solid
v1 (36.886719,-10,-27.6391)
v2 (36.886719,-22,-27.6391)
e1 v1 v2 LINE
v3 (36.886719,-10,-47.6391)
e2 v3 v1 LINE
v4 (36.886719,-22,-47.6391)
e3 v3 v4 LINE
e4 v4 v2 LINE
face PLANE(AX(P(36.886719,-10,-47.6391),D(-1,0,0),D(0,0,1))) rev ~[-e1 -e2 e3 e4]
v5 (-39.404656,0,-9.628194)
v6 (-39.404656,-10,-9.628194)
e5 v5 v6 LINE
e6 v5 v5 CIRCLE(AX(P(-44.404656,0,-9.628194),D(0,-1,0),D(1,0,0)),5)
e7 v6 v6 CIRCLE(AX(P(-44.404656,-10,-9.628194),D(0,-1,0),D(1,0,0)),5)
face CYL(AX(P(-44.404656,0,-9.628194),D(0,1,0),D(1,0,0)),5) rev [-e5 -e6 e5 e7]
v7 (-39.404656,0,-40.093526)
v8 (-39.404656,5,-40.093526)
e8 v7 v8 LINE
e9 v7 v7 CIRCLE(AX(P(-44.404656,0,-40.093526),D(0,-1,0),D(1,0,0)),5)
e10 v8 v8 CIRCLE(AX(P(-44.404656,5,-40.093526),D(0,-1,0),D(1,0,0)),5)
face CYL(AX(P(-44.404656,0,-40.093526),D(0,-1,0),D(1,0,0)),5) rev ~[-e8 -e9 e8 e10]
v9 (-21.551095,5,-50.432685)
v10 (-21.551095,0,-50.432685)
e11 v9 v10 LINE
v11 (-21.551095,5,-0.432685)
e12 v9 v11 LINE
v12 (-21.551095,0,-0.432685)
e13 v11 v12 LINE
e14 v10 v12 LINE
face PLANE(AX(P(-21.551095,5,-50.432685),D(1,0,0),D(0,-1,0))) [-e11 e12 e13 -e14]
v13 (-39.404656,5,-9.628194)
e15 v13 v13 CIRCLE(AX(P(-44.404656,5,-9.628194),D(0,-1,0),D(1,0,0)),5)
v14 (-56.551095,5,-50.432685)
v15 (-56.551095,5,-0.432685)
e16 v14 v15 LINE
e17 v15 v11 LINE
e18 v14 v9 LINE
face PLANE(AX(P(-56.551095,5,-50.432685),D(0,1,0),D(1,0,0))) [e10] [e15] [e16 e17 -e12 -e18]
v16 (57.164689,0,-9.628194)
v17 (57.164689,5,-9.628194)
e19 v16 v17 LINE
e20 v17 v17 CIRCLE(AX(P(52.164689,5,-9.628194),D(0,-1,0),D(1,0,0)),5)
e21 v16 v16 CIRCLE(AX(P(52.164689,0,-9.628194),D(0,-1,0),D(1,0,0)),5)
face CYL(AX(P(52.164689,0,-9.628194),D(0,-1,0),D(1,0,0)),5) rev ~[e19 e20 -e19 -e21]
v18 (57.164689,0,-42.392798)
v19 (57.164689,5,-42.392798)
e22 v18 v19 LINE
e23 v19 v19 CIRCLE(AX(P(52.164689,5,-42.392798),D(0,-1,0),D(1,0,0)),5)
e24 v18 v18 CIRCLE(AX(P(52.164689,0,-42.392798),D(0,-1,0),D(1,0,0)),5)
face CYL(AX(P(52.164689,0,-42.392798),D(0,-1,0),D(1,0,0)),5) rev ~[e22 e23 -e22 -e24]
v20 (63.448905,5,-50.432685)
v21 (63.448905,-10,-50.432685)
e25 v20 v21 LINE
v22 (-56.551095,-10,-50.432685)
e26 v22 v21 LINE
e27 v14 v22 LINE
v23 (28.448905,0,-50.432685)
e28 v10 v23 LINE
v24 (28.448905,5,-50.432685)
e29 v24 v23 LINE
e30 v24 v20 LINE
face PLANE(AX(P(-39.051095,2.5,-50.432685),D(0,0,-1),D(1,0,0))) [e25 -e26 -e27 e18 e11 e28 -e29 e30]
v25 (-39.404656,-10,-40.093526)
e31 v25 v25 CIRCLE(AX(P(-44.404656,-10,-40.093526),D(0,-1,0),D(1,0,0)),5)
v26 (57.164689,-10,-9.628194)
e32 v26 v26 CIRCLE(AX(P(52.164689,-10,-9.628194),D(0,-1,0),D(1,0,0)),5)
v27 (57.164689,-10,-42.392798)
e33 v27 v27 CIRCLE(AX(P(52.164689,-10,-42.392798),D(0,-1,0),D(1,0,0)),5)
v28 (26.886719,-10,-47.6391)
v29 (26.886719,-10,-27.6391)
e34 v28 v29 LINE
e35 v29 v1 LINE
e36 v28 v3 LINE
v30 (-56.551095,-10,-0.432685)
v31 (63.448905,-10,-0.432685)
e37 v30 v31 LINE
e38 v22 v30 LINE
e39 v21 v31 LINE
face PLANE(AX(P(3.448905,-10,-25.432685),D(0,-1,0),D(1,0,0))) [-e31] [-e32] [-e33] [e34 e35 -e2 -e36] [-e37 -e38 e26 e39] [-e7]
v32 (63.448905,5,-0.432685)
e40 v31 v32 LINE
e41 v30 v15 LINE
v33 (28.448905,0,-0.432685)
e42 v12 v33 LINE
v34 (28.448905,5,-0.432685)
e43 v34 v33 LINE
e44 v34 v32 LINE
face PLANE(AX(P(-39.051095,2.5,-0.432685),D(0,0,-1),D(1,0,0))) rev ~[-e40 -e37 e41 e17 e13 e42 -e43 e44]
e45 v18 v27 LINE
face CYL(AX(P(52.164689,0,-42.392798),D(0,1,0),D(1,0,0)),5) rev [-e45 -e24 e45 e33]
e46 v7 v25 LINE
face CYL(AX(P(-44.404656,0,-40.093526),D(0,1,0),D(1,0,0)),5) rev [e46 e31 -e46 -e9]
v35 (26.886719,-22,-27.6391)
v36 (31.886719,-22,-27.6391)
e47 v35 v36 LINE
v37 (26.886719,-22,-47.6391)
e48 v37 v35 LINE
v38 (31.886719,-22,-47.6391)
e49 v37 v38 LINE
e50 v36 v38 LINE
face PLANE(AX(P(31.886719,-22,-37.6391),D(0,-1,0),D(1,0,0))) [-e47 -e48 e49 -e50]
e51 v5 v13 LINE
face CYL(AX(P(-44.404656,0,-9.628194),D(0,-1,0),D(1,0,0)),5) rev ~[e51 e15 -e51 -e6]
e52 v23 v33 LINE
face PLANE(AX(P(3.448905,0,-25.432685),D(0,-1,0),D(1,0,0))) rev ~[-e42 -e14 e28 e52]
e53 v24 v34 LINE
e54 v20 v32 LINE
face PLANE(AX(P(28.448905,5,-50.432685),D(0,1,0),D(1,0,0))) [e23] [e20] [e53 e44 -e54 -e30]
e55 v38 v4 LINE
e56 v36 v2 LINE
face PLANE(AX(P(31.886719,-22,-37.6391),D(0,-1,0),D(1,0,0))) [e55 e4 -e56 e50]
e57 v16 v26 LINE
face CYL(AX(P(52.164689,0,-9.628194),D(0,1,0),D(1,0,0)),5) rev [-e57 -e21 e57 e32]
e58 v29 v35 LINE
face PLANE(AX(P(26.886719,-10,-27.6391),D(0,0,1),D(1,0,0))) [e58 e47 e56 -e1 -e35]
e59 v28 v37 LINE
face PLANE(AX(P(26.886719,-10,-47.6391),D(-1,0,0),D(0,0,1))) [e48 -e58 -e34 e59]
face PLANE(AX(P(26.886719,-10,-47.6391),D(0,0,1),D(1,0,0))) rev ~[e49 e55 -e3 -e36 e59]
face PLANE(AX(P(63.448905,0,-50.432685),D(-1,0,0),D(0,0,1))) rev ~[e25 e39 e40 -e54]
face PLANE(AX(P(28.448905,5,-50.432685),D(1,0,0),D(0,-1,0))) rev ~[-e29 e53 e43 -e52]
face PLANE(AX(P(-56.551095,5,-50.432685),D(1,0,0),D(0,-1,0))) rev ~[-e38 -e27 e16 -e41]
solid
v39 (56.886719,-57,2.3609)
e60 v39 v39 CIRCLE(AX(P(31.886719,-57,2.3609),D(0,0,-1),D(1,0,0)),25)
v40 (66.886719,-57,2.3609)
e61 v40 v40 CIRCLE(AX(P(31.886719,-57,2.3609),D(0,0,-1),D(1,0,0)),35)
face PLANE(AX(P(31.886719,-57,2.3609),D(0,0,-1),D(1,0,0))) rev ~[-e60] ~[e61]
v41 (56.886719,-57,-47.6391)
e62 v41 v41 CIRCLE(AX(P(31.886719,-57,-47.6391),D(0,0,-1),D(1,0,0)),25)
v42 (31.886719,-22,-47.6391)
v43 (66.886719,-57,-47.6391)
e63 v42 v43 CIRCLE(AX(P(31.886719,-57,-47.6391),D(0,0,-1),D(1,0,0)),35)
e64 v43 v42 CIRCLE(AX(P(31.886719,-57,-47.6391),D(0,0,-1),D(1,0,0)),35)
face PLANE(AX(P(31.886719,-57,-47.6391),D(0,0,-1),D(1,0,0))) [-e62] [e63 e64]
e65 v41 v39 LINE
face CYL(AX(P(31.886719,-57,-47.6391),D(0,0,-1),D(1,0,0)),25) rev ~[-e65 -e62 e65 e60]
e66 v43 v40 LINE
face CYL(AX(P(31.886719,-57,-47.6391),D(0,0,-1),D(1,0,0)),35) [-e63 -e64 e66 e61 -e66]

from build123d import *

# Parameters (mm, degrees)
F0_W     = 120
F0_H     = 50
F0_R     = 5
F1_DEPTH = 10
F2_W     = 35
F2_H     = 5
F3_DEPTH = 50
F4_DEPTH = 5.001
F5_W     = 10
F5_H     = 20
F6_DEPTH = 12
F7_R     = 35
F7_R_2   = 25
F8_DEPTH = 50


with BuildPart() as f1:
    # F0 (on Front) → F1 (new body)
    with BuildSketch(Plane.XZ):
        with Locations((3.4489054233, -25.4326851939)):
            Rectangle(F0_W, F0_H)
        with Locations((-44.404655695, -40.0935262442)):
            Circle(F0_R, mode=Mode.SUBTRACT)
        with Locations((52.1646887064, -42.3927977681)):
            Circle(F0_R, mode=Mode.SUBTRACT)
        with Locations((-44.404655695, -9.6281943843)):
            Circle(F0_R, mode=Mode.SUBTRACT)
        with Locations((52.1646887064, -9.6281943843)):
            Circle(F0_R, mode=Mode.SUBTRACT)
    extrude(amount=F1_DEPTH)

    # F2 (on face) → F3 (join)
    with BuildSketch(Plane(origin=(0, 0, -50.4326851939), x_dir=(1, 0, 0), z_dir=(0, 0, -1))):
        with Locations((-39.0510945767, -2.5)):
            Rectangle(F2_W, F2_H)
        with Locations((45.9489054233, -2.5)):
            Rectangle(F2_W, F2_H)
    extrude(amount=-F3_DEPTH)

    # F4 (cut, through all): faces of the model
    f4_faces = [f1.faces().sort_by_distance(p)[0] for p in [
        (-44.404655695, 0, -9.6281943843),
        (-44.404655695, 0, -40.0935262442),
        (52.1646887064, 0, -9.6281943843),
        (52.1646887064, 0, -42.3927977681),
    ]]
    extrude(f4_faces, amount=-F4_DEPTH, mode=Mode.SUBTRACT)

    # F5 (on face) → F6 (join)
    with BuildSketch(Plane.XZ.offset(10)):
        with Locations((31.8867192038, -37.6391001046)):
            Rectangle(F5_W, F5_H)
    extrude(amount=F6_DEPTH)

    # F7 (on face) → F8 (join)
    with BuildSketch(Plane(origin=(0, 0, -47.6391001046), x_dir=(1, 0, 0), z_dir=(0, 0, -1))):
        with Locations((31.8867192038, 57)):
            Circle(F7_R)
        with Locations((31.8867192038, 57)):
            Circle(F7_R_2, mode=Mode.SUBTRACT)
    extrude(amount=-F8_DEPTH)


solid = f1.part
